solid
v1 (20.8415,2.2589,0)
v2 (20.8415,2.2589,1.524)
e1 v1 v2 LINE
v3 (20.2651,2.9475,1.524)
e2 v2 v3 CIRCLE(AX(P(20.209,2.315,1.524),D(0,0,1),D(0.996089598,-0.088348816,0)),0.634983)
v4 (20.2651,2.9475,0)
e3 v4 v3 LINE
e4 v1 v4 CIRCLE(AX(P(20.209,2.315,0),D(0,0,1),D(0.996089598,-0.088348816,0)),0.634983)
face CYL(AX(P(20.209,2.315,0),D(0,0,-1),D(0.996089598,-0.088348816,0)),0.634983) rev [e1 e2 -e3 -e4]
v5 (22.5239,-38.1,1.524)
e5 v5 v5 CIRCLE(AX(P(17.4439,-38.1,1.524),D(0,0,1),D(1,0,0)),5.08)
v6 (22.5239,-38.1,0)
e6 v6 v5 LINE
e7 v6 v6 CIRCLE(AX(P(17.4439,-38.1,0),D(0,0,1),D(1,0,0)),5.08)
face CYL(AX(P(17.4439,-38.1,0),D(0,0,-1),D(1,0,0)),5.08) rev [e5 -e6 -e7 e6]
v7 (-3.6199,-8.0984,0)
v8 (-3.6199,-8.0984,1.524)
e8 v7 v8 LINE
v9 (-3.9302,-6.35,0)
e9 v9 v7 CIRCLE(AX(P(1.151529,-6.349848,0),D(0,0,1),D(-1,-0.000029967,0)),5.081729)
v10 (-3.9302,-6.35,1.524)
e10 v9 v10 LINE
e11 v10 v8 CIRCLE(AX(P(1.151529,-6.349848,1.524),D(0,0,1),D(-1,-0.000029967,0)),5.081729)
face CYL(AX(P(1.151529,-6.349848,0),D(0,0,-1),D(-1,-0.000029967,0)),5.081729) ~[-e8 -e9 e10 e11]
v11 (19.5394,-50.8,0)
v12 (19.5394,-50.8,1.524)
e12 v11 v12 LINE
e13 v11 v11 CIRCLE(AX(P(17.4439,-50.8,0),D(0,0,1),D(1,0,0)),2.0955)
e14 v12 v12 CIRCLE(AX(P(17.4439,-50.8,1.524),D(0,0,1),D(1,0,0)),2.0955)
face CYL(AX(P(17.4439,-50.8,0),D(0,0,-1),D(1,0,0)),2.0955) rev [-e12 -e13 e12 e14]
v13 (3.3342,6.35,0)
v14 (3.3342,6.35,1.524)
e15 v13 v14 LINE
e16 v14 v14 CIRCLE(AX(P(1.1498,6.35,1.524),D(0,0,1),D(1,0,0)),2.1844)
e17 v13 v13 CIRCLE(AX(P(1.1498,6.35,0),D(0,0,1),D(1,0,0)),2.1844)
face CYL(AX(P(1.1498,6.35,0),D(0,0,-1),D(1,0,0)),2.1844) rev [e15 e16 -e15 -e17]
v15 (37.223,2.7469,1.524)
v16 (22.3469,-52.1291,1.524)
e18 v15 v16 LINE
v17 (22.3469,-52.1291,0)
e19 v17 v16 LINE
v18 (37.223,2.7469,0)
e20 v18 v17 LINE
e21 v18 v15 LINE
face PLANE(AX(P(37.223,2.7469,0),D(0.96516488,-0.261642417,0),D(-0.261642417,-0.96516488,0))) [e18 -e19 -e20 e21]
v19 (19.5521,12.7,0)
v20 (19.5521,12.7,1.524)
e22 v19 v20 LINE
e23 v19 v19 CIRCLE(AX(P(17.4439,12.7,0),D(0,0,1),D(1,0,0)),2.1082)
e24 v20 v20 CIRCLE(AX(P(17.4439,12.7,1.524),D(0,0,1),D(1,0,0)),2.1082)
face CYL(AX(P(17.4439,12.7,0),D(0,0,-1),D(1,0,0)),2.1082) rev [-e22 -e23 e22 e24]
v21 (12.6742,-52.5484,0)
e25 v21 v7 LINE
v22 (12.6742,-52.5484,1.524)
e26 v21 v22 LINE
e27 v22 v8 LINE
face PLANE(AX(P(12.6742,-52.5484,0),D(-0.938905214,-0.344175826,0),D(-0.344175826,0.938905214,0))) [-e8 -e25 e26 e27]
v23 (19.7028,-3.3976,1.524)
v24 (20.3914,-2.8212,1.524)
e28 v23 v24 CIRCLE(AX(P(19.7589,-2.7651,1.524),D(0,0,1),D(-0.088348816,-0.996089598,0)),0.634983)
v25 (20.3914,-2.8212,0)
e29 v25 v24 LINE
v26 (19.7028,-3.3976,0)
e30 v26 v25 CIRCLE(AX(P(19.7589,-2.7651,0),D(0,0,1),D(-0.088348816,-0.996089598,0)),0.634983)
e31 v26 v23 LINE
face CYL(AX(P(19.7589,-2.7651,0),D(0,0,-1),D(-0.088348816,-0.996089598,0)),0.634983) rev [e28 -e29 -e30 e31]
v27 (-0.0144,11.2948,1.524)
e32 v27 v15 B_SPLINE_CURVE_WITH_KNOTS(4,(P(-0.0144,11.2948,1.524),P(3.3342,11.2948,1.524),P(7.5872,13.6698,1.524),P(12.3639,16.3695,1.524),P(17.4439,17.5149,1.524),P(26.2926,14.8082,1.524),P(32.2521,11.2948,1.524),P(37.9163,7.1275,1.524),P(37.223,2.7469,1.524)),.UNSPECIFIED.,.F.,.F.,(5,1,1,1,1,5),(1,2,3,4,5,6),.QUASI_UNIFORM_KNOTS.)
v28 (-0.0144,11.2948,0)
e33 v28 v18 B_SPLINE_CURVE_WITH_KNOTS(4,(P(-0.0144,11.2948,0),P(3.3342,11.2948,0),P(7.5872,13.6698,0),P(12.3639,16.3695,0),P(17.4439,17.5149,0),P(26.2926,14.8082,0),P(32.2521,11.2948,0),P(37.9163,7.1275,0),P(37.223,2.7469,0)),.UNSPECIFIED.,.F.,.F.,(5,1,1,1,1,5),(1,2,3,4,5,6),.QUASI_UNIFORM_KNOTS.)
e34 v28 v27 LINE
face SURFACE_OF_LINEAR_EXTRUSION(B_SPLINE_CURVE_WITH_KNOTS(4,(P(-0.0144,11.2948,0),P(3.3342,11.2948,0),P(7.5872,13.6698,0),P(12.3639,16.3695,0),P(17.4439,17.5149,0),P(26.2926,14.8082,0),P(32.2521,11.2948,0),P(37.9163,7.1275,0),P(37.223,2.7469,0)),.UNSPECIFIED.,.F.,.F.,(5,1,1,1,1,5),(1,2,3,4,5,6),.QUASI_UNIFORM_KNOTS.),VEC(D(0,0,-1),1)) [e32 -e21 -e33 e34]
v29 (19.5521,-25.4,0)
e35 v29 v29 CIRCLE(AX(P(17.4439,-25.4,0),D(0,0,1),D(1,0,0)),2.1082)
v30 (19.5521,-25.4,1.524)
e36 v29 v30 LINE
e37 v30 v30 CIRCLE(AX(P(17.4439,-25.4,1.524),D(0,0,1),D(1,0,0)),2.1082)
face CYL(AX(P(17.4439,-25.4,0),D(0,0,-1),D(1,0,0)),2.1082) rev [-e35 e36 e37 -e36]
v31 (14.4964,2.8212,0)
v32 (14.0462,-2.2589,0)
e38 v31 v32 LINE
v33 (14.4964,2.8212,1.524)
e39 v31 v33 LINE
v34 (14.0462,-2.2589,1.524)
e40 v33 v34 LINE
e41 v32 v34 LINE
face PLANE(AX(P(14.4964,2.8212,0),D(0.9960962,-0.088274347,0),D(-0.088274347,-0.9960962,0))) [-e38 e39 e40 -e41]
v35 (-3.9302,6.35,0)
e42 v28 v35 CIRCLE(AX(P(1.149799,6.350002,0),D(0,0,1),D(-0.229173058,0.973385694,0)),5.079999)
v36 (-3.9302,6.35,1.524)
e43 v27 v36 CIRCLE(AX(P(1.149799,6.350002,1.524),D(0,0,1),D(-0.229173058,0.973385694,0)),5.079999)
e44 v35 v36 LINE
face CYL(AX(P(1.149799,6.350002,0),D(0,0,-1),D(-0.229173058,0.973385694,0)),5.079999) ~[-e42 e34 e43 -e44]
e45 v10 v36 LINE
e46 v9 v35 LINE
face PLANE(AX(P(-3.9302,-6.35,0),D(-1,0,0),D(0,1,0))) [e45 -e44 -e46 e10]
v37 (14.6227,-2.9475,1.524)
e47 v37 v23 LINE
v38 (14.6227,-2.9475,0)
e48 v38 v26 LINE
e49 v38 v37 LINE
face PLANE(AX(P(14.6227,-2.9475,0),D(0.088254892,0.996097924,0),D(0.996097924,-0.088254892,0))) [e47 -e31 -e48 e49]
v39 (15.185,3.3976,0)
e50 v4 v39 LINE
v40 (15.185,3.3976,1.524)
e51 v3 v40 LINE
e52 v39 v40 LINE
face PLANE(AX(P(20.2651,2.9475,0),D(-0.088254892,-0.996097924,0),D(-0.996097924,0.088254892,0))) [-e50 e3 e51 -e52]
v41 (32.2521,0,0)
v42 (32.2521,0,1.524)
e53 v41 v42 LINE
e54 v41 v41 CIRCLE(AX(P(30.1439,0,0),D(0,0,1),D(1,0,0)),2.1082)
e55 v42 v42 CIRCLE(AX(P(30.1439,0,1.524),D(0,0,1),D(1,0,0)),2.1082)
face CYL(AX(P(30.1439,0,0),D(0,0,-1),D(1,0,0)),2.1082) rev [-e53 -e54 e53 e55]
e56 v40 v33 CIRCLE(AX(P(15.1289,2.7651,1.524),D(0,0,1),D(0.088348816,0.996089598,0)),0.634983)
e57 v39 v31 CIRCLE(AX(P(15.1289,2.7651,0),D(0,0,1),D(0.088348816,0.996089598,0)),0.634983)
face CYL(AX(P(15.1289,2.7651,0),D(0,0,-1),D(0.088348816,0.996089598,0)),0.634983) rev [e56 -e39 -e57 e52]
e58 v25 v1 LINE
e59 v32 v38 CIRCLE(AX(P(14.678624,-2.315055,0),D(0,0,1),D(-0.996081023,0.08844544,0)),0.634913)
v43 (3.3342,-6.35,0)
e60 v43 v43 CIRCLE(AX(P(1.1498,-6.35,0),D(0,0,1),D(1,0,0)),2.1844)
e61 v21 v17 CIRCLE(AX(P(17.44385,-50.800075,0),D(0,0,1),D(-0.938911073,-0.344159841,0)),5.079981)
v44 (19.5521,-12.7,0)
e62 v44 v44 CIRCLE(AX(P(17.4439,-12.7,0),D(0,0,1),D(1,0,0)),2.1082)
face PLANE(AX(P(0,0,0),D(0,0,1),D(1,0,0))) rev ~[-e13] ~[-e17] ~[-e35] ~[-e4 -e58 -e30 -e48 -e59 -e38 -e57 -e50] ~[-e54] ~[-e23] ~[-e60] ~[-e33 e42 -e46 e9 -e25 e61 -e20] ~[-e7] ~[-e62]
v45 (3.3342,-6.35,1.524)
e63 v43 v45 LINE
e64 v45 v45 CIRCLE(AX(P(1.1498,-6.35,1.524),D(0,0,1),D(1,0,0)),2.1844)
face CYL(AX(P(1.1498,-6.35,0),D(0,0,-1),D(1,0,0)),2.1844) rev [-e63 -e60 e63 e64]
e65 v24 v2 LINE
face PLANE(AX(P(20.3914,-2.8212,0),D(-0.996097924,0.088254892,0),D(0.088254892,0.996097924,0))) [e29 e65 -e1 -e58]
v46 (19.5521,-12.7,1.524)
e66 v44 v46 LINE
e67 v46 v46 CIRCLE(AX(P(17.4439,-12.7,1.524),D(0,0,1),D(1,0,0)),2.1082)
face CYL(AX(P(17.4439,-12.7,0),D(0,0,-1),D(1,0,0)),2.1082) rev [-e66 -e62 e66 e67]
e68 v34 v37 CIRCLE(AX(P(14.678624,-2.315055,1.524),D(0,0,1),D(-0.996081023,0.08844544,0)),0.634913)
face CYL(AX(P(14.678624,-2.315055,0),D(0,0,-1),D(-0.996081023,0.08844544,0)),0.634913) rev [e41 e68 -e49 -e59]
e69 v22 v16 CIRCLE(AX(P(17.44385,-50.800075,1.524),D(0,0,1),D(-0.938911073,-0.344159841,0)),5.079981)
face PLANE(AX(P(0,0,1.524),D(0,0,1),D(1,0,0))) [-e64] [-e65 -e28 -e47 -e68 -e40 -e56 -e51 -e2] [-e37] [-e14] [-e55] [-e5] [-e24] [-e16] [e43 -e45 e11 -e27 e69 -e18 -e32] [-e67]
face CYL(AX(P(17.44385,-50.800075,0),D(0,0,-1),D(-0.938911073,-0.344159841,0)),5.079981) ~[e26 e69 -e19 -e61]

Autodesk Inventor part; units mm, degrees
ref_plane "YZ Plane" through (0, 0, 0) normal (1, 0, 0) x (0, 1, 0)
ref_plane "XZ Plane" through (0, 0, 0) normal (0, 1, 0) x (-1, 0, 0)
ref_plane "XY Plane" through (0, 0, 0) normal (0, 0, 1) x (1, 0, 0)
sketch "Sketch1" plane through (0, 0, 0) normal (0, 0, 1) x (1, 0, 0)
  line L0 (37.223, 2.7469) -> (22.3469, -52.1291)
  arc A0 (12.6742, -52.5484) -> (22.3469, -52.1291) centre (17.4439, -50.8) ccw
  line L1 (12.6742, -52.5484) -> (-3.6199, -8.0984)
  arc A1 (-3.9302, -6.35) -> (-3.6199, -8.0984) centre (1.1498, -6.35) ccw
  line L2 (-3.9302, -6.35) -> (-3.9302, 6.35)
  arc A2 (-0.0144, 11.2948) -> (-3.9302, 6.35) centre (1.1498, 6.35) ccw
  arc A3 (20.8415, 2.2589) -> (20.2651, 2.9475) centre (20.209, 2.315) ccw
  line L3 (20.2651, 2.9475) -> (15.185, 3.3976)
  arc A4 (15.185, 3.3976) -> (14.4964, 2.8212) centre (15.1289, 2.7651) ccw
  line L4 (14.4964, 2.8212) -> (14.0462, -2.2589)
  arc A5 (14.0462, -2.2589) -> (14.6227, -2.9475) centre (14.6788, -2.315) ccw
  line L5 (14.6227, -2.9475) -> (19.7028, -3.3976)
  arc A6 (19.7028, -3.3976) -> (20.3914, -2.8212) centre (19.7589, -2.7651) ccw
  line L6 (20.3914, -2.8212) -> (20.8415, 2.2589)
  circle A7 centre (17.4439, -38.1) radius 5.08
  circle A8 centre (17.4439, -25.4) radius 2.1082
  circle A9 centre (17.4439, -12.7) radius 2.1082
  circle A10 centre (30.1439, 0) radius 2.1082
  circle A11 centre (17.4439, 12.7) radius 2.1082
  circle A12 centre (1.1498, 6.35) radius 2.1844
  circle A13 centre (1.1498, -6.35) radius 2.1844
  circle A14 centre (17.4439, -50.8) radius 2.0955
  line L7 (-0.0144, 11.2948) -> (3.3342, 11.2948) construction
  line L8 (3.3342, 11.2948) -> (7.5872, 13.6698) construction
  line L9 (7.5872, 13.6698) -> (12.3639, 16.3695) construction
  line L10 (12.3639, 16.3695) -> (17.4439, 17.5149) construction
  line L11 (17.4439, 17.5149) -> (26.2926, 14.8082) construction
  line L12 (26.2926, 14.8082) -> (32.2521, 11.2948) construction
  line L13 (32.2521, 11.2948) -> (37.9163, 7.1275) construction
  line L14 (37.9163, 7.1275) -> (37.223, 2.7469) construction
  spline S0 degree 4 poles (-0.0144, 11.2948) (3.3342, 11.2948) (7.5872, 13.6698) (12.3639, 16.3695) (17.4439, 17.5149) (26.2926, 14.8082) (32.2521, 11.2948) (37.9163, 7.1275) (37.223, 2.7469) knots 1 1 1 1 1 2 3 4 5 6 6 6 6 6
  point P0 (-3.9302, 6.35)
  point P1 (-3.9302, -6.35)
  point P2 (-3.6199, -8.0984)
  point P3 (12.6742, -52.5484)
  point P4 (21.7462, -53.5011)
  point P5 (20.8415, 2.2589)
  point P6 (20.3914, -2.8212)
  point P7 (14.6227, -2.9475)
  point P8 (14.4964, 2.8212)
  point P9 (20.2651, 2.9475)
  dimension "d0" = 4.3688
  dimension "d1" = 4.3688
  dimension "d2" = 4.2164
  dimension "d3" = 4.2164
  dimension "d5" = 4.2164
  dimension "d6" = 4.2164
  dimension "d7" = 10.16
  dimension "d8" = 4.191
extrude "Extrusion1" add sketch "Sketch1" along normal blind 1.524
properties part number "coffin-v2"
